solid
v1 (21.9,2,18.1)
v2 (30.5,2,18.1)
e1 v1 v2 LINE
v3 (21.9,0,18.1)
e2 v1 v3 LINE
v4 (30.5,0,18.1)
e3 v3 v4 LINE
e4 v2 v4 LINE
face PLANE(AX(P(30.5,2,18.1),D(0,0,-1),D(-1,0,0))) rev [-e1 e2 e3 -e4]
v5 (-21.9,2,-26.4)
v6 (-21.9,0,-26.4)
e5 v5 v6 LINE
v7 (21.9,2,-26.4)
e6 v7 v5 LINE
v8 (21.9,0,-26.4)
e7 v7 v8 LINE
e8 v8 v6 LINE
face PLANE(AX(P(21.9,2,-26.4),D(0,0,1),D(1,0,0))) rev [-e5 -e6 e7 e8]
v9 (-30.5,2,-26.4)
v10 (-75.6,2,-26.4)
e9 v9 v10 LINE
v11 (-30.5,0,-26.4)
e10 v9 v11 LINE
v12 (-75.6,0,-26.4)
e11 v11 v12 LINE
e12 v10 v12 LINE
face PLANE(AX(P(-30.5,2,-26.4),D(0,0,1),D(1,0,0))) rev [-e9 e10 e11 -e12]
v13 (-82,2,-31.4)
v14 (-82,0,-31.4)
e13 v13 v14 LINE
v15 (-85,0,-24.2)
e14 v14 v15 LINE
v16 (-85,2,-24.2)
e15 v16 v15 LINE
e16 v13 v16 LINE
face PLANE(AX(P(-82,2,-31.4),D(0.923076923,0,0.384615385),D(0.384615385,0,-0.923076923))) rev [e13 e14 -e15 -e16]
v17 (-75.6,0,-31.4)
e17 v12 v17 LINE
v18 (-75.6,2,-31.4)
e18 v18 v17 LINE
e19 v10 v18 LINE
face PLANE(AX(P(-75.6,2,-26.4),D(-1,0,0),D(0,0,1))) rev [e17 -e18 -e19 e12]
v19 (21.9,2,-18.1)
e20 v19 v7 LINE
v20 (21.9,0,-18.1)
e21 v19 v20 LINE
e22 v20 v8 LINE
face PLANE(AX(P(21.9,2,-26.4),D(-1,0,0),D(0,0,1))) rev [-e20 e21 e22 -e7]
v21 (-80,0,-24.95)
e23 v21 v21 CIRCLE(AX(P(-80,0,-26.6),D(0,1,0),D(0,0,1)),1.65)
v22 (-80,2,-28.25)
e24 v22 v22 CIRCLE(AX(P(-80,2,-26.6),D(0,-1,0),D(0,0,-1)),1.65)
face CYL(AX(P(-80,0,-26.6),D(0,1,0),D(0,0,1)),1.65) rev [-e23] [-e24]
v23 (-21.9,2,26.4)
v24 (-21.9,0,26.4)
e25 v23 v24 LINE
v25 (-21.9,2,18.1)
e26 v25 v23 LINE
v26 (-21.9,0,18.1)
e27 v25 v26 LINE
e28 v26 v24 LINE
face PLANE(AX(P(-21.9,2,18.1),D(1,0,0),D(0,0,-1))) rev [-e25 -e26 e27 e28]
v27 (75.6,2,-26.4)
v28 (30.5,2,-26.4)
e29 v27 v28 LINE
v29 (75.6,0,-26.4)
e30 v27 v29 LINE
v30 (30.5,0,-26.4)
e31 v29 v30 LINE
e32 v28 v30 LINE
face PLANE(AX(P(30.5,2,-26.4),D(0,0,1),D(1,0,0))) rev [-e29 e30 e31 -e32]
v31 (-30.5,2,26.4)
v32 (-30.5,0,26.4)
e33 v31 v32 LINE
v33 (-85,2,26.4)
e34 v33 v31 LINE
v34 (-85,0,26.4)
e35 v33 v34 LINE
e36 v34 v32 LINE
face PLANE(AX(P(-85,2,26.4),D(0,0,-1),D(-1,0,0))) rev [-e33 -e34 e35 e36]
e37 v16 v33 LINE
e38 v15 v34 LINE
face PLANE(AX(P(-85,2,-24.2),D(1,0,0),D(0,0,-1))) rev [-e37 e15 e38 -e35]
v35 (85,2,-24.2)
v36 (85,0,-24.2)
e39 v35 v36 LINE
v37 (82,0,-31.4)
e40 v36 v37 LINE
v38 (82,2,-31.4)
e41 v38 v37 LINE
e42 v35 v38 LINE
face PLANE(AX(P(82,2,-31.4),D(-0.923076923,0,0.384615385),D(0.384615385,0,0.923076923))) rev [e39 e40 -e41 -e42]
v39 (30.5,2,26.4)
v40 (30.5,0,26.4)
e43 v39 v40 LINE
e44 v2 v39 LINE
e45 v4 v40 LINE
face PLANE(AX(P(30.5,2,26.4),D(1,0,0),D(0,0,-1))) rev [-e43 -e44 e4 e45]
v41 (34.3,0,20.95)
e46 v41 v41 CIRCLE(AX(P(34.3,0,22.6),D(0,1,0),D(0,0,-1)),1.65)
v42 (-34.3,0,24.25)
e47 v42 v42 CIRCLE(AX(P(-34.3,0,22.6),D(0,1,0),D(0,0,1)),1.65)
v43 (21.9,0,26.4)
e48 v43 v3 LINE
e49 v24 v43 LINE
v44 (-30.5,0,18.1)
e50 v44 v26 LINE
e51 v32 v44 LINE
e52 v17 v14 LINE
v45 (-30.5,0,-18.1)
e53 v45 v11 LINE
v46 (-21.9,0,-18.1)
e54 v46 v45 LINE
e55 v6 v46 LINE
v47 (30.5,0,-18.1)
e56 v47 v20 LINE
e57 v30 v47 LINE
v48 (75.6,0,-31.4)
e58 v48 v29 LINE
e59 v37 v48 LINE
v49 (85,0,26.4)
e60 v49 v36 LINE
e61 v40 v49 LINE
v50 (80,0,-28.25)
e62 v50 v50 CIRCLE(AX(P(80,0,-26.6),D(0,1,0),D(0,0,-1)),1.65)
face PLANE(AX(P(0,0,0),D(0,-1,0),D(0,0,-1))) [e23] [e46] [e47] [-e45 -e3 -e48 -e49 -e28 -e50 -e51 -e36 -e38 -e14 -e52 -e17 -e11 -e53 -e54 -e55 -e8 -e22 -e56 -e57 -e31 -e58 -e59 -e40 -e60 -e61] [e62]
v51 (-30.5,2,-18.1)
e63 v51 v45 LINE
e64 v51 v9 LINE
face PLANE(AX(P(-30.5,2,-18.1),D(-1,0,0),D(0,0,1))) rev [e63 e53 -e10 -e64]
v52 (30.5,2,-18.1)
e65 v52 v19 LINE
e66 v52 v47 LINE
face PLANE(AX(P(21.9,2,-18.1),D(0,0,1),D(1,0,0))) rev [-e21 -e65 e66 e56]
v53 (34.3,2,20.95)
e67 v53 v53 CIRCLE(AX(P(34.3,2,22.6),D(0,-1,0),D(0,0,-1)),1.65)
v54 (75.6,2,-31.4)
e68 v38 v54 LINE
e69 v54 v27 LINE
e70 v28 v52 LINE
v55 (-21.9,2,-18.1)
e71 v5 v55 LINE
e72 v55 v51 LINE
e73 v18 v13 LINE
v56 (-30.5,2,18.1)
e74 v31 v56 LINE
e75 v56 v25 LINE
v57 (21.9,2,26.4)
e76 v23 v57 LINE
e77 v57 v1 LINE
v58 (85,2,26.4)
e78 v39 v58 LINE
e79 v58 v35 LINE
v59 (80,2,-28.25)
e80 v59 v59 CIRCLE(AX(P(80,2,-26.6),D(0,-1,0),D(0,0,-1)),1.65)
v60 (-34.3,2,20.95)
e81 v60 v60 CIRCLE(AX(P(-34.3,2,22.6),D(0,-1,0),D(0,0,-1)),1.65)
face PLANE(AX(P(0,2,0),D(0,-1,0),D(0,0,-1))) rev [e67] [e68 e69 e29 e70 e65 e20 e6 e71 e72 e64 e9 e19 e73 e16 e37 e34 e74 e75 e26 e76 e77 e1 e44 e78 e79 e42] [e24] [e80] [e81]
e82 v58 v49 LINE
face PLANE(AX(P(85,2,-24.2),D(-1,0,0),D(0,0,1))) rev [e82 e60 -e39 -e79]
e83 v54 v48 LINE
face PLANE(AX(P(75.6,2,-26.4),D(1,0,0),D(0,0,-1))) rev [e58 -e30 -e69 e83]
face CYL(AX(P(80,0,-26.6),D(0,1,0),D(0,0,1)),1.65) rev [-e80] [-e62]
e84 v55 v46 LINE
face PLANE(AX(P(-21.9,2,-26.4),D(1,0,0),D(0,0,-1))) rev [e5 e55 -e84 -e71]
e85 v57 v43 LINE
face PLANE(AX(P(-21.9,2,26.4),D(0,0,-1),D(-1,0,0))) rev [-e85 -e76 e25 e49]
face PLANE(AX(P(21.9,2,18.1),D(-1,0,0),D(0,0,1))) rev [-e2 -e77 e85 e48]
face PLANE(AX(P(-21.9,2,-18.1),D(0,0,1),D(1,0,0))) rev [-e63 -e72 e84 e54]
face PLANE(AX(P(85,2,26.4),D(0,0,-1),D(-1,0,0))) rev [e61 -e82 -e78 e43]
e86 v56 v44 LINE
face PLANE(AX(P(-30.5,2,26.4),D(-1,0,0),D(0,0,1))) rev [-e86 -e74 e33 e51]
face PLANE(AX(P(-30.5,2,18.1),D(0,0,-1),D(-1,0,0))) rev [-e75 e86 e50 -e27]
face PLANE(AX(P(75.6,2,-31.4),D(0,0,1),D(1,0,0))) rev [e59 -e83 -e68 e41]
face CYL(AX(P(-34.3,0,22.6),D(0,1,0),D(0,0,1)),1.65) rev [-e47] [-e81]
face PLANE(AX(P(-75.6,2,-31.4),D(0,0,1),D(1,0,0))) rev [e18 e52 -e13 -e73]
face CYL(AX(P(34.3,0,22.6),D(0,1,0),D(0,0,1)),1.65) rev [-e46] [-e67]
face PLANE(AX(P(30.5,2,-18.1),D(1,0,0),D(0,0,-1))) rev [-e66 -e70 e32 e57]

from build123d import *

# Parameters (mm, degrees)
BOSS_EXTRU_1_DEPTH           = 2
ESQUISSE2_R                  = 1.65
ENL_V_MAT_EXTRU_1_DEPTH      = 1
ENL_V_MAT_EXTRU_1_DEPTH_BACK = 3


with BuildPart() as part:
    # Esquisse1 → Boss.-Extru.1 (new body)
    with BuildSketch(Plane(origin=(0, 0, 0), x_dir=(1, 0, 0), z_dir=(0, 1, 0))):
        Polygon((21.9, 26.4), (-21.9, 26.4), (-21.9, 18.1), (-30.5, 18.1), (-30.5, 26.4), (-75.6, 26.4), (-75.6, 31.4), (-82, 31.4), (-85, 24.2), (-85, -26.4), (-30.5, -26.4), (-30.5, -18.1), (-21.9, -18.1), (-21.9, -26.4), (21.9, -26.4), (21.9, -18.1), (30.5, -18.1), (30.5, -26.4), (85, -26.4), (85, 24.2), (82, 31.4), (75.6, 31.4), (75.6, 26.4), (30.5, 26.4), (30.5, 18.1), (21.9, 18.1), align=None)
    extrude(amount=BOSS_EXTRU_1_DEPTH)

    # Esquisse2 → Enlèv. mat.-Extru.1 (cut, two sides)
    with BuildSketch(Plane(origin=(0, 2, 0), x_dir=(1, 0, 0), z_dir=(0, 1, 0))) as enl_v_mat_extru_1_sk:
        with Locations((-80, 26.6)):
            Circle(ESQUISSE2_R)
        with Locations((-34.3, -22.6)):
            Circle(ESQUISSE2_R)
        with Locations((34.3, -22.6)):
            Circle(ESQUISSE2_R)
        with Locations((80, 26.6)):
            Circle(ESQUISSE2_R)
    extrude(amount=ENL_V_MAT_EXTRU_1_DEPTH, mode=Mode.SUBTRACT)
    extrude(enl_v_mat_extru_1_sk.sketch, amount=-ENL_V_MAT_EXTRU_1_DEPTH_BACK, mode=Mode.SUBTRACT)


solid = part.part
